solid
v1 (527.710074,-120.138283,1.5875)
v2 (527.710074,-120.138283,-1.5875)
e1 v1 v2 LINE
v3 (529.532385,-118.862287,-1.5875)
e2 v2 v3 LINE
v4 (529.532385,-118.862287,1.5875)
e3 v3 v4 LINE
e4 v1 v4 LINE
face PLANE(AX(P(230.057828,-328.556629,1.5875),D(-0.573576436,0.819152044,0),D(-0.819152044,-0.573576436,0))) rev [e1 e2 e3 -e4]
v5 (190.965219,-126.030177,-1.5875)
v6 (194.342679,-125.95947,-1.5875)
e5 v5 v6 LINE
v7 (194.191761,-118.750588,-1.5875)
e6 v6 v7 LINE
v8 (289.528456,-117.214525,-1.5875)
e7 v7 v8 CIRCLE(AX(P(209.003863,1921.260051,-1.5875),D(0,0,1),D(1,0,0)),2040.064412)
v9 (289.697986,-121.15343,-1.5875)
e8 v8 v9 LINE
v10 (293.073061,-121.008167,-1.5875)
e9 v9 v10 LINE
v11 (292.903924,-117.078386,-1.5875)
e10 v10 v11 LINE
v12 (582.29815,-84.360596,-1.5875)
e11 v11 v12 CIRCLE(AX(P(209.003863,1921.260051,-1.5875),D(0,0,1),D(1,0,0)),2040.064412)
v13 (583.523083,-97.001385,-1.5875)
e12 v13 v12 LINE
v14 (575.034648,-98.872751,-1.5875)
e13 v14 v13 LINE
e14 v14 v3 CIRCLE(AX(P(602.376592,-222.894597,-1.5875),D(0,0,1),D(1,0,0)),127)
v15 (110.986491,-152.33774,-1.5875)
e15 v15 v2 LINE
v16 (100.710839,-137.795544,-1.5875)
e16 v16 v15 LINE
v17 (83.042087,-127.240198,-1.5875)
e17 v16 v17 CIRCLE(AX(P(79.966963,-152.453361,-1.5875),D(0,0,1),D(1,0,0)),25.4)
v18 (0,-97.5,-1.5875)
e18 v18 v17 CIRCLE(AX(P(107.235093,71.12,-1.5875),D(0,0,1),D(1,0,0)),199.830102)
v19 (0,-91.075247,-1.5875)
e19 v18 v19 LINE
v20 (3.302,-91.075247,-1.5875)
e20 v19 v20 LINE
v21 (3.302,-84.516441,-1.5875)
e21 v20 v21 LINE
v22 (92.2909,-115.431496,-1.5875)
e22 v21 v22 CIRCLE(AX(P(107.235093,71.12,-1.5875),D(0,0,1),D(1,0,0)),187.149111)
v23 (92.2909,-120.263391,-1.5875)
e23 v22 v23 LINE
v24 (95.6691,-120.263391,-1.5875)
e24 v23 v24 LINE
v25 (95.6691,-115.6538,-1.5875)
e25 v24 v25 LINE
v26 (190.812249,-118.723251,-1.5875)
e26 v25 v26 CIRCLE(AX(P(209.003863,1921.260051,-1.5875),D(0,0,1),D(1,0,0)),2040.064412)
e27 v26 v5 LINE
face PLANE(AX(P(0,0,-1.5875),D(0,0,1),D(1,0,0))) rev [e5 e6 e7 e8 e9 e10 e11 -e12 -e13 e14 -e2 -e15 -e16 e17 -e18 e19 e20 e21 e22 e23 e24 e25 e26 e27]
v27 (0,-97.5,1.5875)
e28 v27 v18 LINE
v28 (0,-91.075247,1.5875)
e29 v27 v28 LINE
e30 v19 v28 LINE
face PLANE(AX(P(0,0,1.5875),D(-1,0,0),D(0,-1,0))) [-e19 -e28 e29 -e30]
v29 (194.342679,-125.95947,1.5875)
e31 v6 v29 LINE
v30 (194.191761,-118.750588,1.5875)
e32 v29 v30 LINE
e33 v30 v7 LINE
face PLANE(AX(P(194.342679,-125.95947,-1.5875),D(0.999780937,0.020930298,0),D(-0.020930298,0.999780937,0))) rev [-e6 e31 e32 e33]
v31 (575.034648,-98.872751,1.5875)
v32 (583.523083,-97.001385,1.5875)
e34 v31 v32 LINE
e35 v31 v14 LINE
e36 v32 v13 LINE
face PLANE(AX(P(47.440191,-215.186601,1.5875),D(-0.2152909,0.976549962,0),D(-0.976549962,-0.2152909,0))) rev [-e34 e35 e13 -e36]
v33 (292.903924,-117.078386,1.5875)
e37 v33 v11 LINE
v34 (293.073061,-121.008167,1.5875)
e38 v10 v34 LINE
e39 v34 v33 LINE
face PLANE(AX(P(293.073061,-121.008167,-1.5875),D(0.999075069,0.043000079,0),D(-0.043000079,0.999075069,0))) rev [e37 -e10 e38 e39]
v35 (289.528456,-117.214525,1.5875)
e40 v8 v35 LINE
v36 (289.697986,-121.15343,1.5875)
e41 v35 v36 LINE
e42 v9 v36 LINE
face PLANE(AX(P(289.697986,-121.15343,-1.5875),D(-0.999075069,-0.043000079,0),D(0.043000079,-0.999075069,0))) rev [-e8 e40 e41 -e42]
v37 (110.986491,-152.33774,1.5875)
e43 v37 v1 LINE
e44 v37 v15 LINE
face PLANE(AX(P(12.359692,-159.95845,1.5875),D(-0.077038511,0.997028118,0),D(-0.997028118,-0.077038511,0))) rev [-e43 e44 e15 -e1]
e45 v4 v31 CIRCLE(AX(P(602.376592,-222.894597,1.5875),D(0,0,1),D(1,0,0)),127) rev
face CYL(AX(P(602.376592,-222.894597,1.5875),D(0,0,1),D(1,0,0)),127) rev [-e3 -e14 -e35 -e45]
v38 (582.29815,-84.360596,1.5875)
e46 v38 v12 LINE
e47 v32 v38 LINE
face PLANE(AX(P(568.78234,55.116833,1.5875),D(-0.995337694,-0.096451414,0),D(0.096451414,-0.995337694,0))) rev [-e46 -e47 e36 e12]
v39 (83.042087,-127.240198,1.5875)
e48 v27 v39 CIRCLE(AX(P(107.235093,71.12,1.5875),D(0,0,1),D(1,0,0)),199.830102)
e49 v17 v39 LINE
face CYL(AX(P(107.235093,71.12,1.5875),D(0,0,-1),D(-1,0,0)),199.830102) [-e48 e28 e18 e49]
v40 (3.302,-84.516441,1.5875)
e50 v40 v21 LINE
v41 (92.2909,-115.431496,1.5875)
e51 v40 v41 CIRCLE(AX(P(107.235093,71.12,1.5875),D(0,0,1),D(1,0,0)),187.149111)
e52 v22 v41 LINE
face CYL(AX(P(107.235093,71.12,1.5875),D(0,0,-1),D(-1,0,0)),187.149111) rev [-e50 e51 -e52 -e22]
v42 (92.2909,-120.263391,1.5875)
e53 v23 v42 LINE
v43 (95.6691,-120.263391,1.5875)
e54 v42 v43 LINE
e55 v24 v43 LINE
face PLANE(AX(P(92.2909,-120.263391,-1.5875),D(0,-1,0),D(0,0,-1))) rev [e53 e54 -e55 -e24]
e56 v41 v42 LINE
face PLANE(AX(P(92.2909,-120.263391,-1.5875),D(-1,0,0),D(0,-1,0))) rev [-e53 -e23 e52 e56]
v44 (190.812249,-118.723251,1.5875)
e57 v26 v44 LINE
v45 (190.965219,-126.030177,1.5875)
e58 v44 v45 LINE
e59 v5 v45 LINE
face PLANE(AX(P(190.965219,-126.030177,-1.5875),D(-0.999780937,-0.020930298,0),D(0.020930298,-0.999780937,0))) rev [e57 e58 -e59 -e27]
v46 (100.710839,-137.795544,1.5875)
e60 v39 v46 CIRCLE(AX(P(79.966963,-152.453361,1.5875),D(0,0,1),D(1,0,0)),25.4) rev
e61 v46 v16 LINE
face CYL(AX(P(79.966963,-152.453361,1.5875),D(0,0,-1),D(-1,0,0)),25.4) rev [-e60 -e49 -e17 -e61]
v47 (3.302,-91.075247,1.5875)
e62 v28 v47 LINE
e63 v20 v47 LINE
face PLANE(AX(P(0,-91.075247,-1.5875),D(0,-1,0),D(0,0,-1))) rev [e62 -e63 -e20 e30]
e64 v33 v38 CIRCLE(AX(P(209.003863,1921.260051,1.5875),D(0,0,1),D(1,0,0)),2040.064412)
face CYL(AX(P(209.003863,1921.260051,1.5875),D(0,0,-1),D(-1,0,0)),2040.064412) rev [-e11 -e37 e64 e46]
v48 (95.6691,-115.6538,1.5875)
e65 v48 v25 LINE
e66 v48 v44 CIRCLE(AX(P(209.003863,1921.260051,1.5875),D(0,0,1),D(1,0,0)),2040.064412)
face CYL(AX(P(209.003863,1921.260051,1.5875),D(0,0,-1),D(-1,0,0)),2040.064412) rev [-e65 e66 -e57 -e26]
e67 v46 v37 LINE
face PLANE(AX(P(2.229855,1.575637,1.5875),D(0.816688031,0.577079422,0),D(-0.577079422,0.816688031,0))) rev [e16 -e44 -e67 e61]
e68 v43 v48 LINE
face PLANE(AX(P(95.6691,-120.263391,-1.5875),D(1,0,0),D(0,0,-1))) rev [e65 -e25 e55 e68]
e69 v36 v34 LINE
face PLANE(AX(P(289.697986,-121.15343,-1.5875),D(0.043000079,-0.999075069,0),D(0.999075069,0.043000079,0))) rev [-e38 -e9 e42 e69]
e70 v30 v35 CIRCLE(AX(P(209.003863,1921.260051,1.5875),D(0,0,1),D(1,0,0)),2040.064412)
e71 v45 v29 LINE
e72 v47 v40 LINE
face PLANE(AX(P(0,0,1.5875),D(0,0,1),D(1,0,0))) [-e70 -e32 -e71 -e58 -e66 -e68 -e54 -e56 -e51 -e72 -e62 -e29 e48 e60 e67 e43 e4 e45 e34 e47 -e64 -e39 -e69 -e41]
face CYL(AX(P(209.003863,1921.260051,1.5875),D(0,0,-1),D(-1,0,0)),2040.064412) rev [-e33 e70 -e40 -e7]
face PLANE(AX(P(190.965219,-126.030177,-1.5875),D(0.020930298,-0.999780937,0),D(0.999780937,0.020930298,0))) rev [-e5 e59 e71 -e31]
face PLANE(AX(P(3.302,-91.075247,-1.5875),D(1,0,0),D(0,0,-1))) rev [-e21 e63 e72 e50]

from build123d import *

# Parameters (mm, degrees)
BOSS_EXTRUDE1_DEPTH = 1.5875
FILLET1_R           = 127
FILLET2_R           = 25.4
SKETCH2_W           = 3.302
SKETCH2_H           = 12.7
SKETCH2_W_2         = 3.3782
CUT_EXTRUDE1_DEPTH  = 4.175


with BuildPart() as part:
    # Sketch1 → Boss-Extrude1 (new body, symmetric)
    with BuildSketch(Plane.XY):
        with BuildLine():
            Line((0, -97.5), (0, -91.458484162))
            Line((0, -91.458484162), (0, -84.854484162))
            Line((0, -84.854484162), (0, -82.26))
            ThreePointArc((0, -82.26), (1.897011907, -83.568972596), (3.81, -84.854484162))
            ThreePointArc((3.81, -84.854484162), (46.908813116, -106.039615985), (93.98, -115.559115329))
            ThreePointArc((93.98, -115.559115329), (339.07784145, -114.653396415), (582.298149945, -84.360596188))
            Line((582.298149945, -84.360596188), (583.523082908, -97.001384899))
            Line((583.523082908, -97.001384899), (550.289320925, -104.328123724))
            Line((550.289320925, -104.328123724), (527.710073756, -120.138282799))
            Line((527.710073756, -120.138282799), (110.986490966, -152.337740244))
            Line((110.986490966, -152.337740244), (93.98, -128.27))
            ThreePointArc((93.98, -128.27), (45.056564108, -118.790242286), (0, -97.5))
        make_face()
    extrude(amount=BOSS_EXTRUDE1_DEPTH, both=True)

    # Fillet1
    fillet1_edges = [part.edges().sort_by_distance(p)[0] for p in [
        (550.289320925, -104.328123724, -0.79375),
    ]]
    fillet(fillet1_edges, radius=FILLET1_R)

    # Fillet2
    fillet2_edges = [part.edges().sort_by_distance(p)[0] for p in [
        (93.98, -128.27, 0.79375),
    ]]
    fillet(fillet2_edges, radius=FILLET2_R)

    # Sketch2 → Cut-Extrude1 (cut, through all)
    with BuildSketch(Plane.XY.offset(1.5875)):
        with Locations((1.651, -84.72524711)):
            Rectangle(SKETCH2_W, SKETCH2_H)
        with Locations((93.98, -113.91339143)):
            Rectangle(SKETCH2_W_2, SKETCH2_H)
        Polygon((190.965218572, -126.030176605), (194.342678534, -125.959469873), (194.076863752, -113.262251969), (190.69940379, -113.332958701), align=None)
        Polygon((289.697985722, -121.153429558), (293.07306112, -121.008166691), (292.800010619, -114.664040004), (289.424935222, -114.80930287), align=None)
    extrude(amount=-CUT_EXTRUDE1_DEPTH, mode=Mode.SUBTRACT)


solid = part.part
